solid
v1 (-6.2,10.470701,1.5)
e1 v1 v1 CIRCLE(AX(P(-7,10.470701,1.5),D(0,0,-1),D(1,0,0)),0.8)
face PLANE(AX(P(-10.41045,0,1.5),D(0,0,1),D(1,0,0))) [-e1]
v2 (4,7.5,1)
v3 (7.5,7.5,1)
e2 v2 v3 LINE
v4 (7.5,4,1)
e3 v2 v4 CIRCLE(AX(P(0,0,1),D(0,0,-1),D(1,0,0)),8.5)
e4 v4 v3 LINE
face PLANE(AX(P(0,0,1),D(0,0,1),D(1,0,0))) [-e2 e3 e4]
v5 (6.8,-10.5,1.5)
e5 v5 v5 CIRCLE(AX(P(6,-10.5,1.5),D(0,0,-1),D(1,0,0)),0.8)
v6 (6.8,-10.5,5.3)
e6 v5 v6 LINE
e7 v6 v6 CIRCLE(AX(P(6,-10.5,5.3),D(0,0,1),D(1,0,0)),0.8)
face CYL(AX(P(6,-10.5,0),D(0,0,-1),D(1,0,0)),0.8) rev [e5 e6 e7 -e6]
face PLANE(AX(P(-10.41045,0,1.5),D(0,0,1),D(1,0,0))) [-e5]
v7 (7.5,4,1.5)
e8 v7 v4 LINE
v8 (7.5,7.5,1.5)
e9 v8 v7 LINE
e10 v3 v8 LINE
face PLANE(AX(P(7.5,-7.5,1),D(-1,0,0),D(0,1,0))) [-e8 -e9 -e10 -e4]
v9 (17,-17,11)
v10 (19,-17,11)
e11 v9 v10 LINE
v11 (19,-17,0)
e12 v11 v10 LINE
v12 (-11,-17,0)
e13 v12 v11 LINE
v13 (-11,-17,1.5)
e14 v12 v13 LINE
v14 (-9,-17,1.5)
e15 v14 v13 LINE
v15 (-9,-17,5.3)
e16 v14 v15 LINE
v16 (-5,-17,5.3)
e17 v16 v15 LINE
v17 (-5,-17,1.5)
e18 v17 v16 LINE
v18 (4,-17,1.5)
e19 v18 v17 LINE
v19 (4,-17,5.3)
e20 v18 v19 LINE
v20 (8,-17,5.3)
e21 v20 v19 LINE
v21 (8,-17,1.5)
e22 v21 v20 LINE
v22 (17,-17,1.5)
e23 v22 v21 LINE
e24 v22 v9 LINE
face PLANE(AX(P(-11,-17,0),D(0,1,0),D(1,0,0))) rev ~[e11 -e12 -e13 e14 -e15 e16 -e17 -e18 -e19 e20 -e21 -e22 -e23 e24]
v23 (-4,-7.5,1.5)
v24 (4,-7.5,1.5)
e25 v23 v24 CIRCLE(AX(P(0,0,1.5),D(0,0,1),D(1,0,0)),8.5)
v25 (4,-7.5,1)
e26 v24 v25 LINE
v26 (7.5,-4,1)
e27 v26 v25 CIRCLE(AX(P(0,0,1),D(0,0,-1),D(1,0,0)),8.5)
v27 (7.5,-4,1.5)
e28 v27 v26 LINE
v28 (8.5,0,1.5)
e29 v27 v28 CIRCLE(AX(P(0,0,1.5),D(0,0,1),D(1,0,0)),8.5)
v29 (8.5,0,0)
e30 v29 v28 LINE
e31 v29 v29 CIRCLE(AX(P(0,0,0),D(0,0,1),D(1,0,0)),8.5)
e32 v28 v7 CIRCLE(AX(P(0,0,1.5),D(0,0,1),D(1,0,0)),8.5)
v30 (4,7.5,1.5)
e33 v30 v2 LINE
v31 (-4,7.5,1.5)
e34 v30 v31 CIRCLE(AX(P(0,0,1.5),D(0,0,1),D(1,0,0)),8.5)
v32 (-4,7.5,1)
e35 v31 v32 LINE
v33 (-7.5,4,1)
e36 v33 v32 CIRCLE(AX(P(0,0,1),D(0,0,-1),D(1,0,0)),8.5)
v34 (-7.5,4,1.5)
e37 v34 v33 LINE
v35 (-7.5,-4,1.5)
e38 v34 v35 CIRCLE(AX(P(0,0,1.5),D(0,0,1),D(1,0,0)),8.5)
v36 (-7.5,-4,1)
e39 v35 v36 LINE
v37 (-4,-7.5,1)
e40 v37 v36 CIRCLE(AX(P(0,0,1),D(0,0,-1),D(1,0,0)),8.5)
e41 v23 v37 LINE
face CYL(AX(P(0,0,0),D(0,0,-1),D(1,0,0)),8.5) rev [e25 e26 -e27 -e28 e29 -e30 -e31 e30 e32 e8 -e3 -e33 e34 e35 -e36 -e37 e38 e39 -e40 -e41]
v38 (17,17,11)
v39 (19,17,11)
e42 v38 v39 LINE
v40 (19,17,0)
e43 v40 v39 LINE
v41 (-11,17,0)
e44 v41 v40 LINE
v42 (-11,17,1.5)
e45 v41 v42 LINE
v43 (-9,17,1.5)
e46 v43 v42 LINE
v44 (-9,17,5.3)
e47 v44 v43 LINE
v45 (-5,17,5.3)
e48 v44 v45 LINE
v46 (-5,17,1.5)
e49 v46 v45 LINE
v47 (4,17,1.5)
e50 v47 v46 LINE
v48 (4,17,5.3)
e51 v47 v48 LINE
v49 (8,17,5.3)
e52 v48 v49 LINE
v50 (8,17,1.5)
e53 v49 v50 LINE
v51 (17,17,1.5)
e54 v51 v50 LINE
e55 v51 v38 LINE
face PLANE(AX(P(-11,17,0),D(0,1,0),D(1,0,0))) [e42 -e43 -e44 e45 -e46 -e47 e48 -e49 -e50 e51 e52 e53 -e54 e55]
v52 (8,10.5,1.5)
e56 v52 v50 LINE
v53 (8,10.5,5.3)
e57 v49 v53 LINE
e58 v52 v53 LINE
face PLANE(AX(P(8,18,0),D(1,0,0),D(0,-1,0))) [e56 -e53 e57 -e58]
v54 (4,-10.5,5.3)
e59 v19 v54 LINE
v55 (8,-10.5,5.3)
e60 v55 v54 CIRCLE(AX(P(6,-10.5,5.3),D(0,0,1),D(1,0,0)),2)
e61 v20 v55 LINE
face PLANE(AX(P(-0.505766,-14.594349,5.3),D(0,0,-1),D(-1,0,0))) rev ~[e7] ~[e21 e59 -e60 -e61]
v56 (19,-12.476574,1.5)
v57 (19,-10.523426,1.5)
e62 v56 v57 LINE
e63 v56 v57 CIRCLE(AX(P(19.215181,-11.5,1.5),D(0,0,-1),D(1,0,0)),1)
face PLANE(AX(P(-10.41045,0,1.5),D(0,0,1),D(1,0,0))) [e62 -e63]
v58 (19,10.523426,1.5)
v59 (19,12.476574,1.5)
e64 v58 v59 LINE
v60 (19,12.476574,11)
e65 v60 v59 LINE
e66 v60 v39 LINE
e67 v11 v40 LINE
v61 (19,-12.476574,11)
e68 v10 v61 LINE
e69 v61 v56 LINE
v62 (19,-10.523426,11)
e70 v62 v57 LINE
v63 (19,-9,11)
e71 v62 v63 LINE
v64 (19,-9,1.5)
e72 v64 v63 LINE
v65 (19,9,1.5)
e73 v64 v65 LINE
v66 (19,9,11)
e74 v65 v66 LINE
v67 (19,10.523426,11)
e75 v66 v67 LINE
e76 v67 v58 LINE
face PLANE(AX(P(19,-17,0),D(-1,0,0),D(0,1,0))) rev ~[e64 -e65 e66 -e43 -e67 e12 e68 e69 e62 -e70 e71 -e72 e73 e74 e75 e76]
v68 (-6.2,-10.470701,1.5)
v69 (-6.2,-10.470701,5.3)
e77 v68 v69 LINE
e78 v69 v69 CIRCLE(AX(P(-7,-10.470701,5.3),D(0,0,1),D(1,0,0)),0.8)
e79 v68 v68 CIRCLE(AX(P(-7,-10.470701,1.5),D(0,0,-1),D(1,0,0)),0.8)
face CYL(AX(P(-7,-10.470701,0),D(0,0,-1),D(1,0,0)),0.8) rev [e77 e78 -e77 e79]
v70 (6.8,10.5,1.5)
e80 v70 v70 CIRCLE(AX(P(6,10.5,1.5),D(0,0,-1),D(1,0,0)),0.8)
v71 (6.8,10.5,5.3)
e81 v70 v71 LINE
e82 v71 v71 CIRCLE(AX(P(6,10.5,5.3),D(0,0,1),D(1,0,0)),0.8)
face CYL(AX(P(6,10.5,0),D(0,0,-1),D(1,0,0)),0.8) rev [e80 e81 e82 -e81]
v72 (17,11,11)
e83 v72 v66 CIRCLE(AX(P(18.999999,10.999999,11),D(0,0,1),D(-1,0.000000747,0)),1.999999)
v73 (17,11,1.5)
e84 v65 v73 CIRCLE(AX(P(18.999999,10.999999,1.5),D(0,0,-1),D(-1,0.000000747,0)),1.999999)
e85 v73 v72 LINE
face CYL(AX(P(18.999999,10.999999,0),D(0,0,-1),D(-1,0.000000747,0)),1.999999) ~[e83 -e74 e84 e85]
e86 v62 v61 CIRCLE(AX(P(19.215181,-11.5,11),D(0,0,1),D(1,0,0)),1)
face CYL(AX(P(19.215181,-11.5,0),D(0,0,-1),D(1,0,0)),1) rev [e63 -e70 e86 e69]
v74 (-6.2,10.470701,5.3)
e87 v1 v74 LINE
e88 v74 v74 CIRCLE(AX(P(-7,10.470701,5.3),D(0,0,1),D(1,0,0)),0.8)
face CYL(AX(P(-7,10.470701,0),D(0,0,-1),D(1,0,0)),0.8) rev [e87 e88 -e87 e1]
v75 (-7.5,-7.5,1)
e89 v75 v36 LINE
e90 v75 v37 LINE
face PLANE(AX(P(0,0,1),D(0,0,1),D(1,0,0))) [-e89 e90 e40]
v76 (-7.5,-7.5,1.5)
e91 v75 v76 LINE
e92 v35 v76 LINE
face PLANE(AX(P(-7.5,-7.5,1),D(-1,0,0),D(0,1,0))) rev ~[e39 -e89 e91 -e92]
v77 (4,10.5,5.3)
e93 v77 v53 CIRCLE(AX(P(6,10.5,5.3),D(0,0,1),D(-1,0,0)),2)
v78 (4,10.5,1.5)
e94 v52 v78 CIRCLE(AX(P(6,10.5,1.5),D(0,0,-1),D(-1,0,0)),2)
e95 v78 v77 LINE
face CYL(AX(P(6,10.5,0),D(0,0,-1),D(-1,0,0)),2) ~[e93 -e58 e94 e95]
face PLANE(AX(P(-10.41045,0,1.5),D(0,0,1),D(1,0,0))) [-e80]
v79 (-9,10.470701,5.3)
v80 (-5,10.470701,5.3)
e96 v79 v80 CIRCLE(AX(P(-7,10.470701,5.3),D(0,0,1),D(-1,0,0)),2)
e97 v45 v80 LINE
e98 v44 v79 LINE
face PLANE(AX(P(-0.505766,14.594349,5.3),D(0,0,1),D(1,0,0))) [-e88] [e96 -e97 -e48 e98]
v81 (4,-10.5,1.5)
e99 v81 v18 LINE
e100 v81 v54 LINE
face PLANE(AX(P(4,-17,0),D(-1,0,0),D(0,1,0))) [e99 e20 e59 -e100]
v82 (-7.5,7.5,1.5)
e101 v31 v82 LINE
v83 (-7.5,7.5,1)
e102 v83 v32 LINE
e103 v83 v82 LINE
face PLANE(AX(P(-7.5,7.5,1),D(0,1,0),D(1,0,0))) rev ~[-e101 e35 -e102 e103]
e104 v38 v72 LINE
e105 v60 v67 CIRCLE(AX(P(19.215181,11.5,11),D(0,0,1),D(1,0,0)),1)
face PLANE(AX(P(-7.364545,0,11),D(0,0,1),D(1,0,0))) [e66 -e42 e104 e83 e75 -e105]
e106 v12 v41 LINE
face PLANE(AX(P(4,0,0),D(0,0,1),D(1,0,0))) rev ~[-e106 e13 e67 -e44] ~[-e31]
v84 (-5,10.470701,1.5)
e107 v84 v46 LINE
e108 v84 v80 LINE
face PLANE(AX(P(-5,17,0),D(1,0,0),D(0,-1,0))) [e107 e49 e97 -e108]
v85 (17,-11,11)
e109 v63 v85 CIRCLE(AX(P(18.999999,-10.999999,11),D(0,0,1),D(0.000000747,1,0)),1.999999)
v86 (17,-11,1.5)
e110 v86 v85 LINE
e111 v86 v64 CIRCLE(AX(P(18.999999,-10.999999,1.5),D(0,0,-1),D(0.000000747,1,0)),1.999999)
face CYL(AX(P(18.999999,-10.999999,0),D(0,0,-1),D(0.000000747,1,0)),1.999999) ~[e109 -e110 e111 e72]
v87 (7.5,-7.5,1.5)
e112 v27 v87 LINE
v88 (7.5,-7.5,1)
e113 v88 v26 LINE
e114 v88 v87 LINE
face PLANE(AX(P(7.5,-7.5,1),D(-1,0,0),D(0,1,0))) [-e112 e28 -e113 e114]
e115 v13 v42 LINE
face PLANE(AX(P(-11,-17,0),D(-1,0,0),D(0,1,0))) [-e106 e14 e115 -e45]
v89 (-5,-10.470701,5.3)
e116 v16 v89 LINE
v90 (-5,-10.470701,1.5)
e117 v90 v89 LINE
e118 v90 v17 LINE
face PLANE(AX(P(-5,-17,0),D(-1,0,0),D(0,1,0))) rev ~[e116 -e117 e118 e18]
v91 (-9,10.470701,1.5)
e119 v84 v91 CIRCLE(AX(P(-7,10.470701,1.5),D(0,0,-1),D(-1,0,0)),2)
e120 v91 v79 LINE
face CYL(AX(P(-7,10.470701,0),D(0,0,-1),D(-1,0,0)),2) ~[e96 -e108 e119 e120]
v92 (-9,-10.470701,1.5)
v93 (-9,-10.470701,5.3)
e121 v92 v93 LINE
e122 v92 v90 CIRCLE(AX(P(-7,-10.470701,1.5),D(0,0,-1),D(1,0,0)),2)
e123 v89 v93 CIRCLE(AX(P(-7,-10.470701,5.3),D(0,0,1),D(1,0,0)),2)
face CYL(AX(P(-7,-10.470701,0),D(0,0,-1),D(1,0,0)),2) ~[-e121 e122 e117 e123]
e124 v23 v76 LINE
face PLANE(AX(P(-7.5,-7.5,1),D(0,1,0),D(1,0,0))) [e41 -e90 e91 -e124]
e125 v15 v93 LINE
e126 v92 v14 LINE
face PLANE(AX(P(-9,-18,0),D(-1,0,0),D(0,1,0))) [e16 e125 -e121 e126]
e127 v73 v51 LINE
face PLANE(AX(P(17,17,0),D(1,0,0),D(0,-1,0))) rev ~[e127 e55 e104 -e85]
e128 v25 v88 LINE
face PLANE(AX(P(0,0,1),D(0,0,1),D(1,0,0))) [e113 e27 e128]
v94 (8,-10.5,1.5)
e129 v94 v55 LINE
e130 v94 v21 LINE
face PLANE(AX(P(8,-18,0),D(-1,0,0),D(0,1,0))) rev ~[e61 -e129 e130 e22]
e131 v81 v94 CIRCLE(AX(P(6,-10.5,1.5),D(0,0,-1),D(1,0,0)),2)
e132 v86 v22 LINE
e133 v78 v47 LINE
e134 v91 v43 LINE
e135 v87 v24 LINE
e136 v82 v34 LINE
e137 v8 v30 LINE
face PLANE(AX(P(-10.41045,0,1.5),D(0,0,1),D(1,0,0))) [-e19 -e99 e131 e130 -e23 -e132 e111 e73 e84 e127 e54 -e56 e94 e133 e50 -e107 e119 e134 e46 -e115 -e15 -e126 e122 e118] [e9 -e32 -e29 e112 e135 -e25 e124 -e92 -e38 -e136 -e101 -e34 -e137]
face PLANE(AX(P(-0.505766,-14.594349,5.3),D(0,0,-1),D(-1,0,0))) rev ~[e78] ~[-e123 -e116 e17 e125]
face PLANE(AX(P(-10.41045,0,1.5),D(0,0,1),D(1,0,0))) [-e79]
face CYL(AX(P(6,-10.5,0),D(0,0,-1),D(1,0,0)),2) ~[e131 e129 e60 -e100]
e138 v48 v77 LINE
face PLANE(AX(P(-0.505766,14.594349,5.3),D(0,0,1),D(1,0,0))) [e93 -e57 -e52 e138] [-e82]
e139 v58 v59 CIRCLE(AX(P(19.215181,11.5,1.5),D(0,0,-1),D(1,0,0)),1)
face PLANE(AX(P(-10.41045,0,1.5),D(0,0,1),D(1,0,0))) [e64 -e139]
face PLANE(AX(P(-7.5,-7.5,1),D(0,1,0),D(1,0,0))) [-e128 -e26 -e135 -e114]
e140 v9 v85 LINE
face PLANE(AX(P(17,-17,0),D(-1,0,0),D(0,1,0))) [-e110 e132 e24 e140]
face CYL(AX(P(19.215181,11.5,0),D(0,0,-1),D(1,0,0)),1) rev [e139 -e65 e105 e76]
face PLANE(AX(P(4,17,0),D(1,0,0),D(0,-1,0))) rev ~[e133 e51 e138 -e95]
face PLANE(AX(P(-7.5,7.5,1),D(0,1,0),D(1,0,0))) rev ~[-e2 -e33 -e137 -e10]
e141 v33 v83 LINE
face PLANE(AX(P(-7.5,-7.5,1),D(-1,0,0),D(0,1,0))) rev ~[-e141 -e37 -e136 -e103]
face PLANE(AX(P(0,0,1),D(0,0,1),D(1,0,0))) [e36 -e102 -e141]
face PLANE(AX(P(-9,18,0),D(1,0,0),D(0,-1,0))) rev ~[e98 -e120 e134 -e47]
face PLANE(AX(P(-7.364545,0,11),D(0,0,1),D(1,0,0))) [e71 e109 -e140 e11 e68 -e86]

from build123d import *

# Parameters (mm, degrees)
SKETCH023_W      = 12
SKETCH023_H      = 4.8
PAD011_DEPTH     = 30
SKETCH026_W      = 8.3
SKETCH026_H      = 4.2
PAD014_DEPTH     = 30
BOX014_W         = 15
BOX014_H         = 15
BOX014_DEPTH     = 10
SKETCH025_W      = 8.2
SKETCH025_H      = 4.2
PAD013_DEPTH     = 30
SKETCH020_R      = 1
PAD007_DEPTH     = 20
SKETCH021_R      = 1
PAD008_DEPTH     = 11
SKETCH022_R      = 0.8
PAD009_DEPTH     = 5.3
MIRROREDSKETCH_R = 0.8
PAD010_DEPTH     = 5.3
PAD018_DEPTH     = 3
ARRAY007_X_COUNT = 2
ARRAY007_X_PITCH = 70
SKETCH_R         = 8.5
PAD_DEPTH        = 1.5
BOX013_W         = 30
BOX013_H         = 34
BOX013_DEPTH     = 21


with BuildPart() as body006:
    # Sketch023 → Pad011 (new body)
    with BuildSketch(Plane.XZ):
        with Locations((-29.8, 14.9)):
            Rectangle(SKETCH023_W, SKETCH023_H)
    extrude(amount=PAD011_DEPTH)


with BuildPart() as body:
    # Sketch026 → Pad014 (new body)
    with BuildSketch(Plane.XZ):
        with Locations((11.75, 14.6)):
            Rectangle(SKETCH026_W, SKETCH026_H)
    extrude(amount=PAD014_DEPTH)


with BuildPart() as camera_hole_extract_cube:
    # Box014 → Box014 (new body)
    with BuildSketch(Plane(origin=(-7.5, -7.5, 1), x_dir=(1, 0, 0), z_dir=(0, 0, 1))):
        with Locations((7.5, 7.5)):
            Rectangle(BOX014_W, BOX014_H)
    extrude(amount=BOX014_DEPTH)


with BuildPart() as extract_fusion002:
    # Sketch025 → Pad013 (new body)
    with BuildSketch(Plane.XZ):
        with Locations((-0.9, 14.6)):
            Rectangle(SKETCH025_W, SKETCH025_H)
    extrude(amount=PAD013_DEPTH)

    # Fusion010: union Body006, Body, camera hole extract cube
    add(body006.part)
    add(body.part)
    add(camera_hole_extract_cube.part)


with BuildPart() as level3_body:
    # Sketch020 → Pad007 (new body)
    with BuildSketch(Plane.XY):
        with BuildLine():
            Line((-56, 13), (-56, 9))
            Line((-56, 9), (-47.5, 9))
            Line((-47.5, 9), (-47.5, 17))
            Line((-47.5, 17), (26, 17))
            ThreePointArc((29, 14), (28.12132, 16.12132), (26, 17))
            Line((29, 8.86), (29, 14))
            ThreePointArc((29, 8.86), (29.146447, 8.506447), (29.5, 8.36))
            Line((29.5, 8.36), (31.5, 8.36))
            ThreePointArc((33, 6.86), (32.56066, 7.92066), (31.5, 8.36))
            Line((33, -6.86), (33, 6.86))
            ThreePointArc((31.5, -8.36), (32.56066, -7.92066), (33, -6.86))
            Line((29.5, -8.36), (31.5, -8.36))
            ThreePointArc((29.5, -8.36), (29.146447, -8.506447), (29, -8.86))
            Line((29, -8.86), (29, -14))
            ThreePointArc((26, -17), (28.12132, -16.12132), (29, -14))
            Line((-47.5, -17), (26, -17))
            Line((-47.5, -9), (-47.5, -17))
            Line((-56, -9), (-47.5, -9))
            Line((-56, -9), (-56, -13))
            ThreePointArc((-56, -13), (-54.535534, -16.535534), (-51, -18))
            Line((31, -18), (-51, -18))
            ThreePointArc((31, -18), (38.238337, 0), (31, 18))
            Line((-51, 18), (31, 18))
            ThreePointArc((-51, 18), (-54.535534, 16.535534), (-56, 13))
        make_face()
        with Locations((-52, -14.3)):
            Circle(SKETCH020_R, mode=Mode.SUBTRACT)
        with Locations((31.5, 11.4)):
            Circle(SKETCH020_R, mode=Mode.SUBTRACT)
        with Locations((31.5, -11.4)):
            Circle(SKETCH020_R, mode=Mode.SUBTRACT)
        with Locations((-52, 14.3)):
            Circle(SKETCH020_R, mode=Mode.SUBTRACT)
    extrude(amount=PAD007_DEPTH)


with BuildPart() as level2_body:
    # Sketch021 → Pad008 (new body)
    with BuildSketch(Plane.XY):
        with BuildLine():
            Line((-56, 13), (-56, 9))
            Line((-56, 9), (-36.211556, 9))
            ThreePointArc((-36.211556, 9), (-35.354856, 9.354856), (-35, 10.211556))
            Line((-35, 10.211556), (-35, 17))
            Line((-35, 17), (17, 17))
            Line((17, 17), (17, 11))
            ThreePointArc((17, 11), (17.585786, 9.585786), (19, 9))
            Line((19, 9), (31.5, 9))
            ThreePointArc((33, 7.5), (32.56066, 8.56066), (31.5, 9))
            Line((33, -7.5), (33, 7.5))
            ThreePointArc((31.5, -9), (32.56066, -8.56066), (33, -7.5))
            Line((19, -9), (31.5, -9))
            ThreePointArc((19, -9), (17.585786, -9.585786), (17, -11))
            Line((17, -17), (17, -11))
            Line((-35, -17), (17, -17))
            Line((-35, -10.211556), (-35, -17))
            ThreePointArc((-35, -10.211556), (-35.354856, -9.354856), (-36.211556, -9))
            Line((-56, -9), (-36.211556, -9))
            Line((-56, -9), (-56, -13))
            ThreePointArc((-56, -13), (-54.535534, -16.535534), (-51, -18))
            Line((31, -18), (-51, -18))
            ThreePointArc((31, -18), (38.238337, 0), (31, 18))
            Line((-51, 18), (31, 18))
            ThreePointArc((-51, 18), (-54.535534, 16.535534), (-56, 13))
        make_face()
        with Locations((-39.037737, 11.5)):
            Circle(SKETCH021_R, mode=Mode.SUBTRACT)
        with Locations((-39.037737, -11.5)):
            Circle(SKETCH021_R, mode=Mode.SUBTRACT)
        with Locations((19.215181, 11.5)):
            Circle(SKETCH021_R, mode=Mode.SUBTRACT)
        with Locations((19.215181, -11.5)):
            Circle(SKETCH021_R, mode=Mode.SUBTRACT)
    extrude(amount=PAD008_DEPTH)


with BuildPart() as level_1_body:
    # Sketch022 → Pad009 (new body)
    with BuildSketch(Plane.XY):
        with BuildLine():
            Line((-9, 18), (-9, 10.470701))
            ThreePointArc((-9, 10.470701), (-7, 8.470701), (-5, 10.470701))
            Line((-5, 17), (-5, 10.470701))
            Line((-5, 17), (4, 17))
            Line((4, 17), (4, 10.5))
            ThreePointArc((4, 10.5), (6, 8.5), (8, 10.5))
            Line((8, 18), (8, 10.5))
            Line((8, 18), (-9, 18))
        make_face()
        with Locations((-7, 10.470701)):
            Circle(SKETCH022_R, mode=Mode.SUBTRACT)
        with Locations((6, 10.5)):
            Circle(SKETCH022_R, mode=Mode.SUBTRACT)
    extrude(amount=PAD009_DEPTH)


with BuildPart() as level_1_mirror:
    # MirroredSketch → Pad010 (new body)
    with BuildSketch(Plane.XY):
        with BuildLine():
            Line((-9, -18), (-9, -10.470701))
            ThreePointArc((-5, -10.470701), (-7, -8.470701), (-9, -10.470701))
            Line((-5, -17), (-5, -10.470701))
            Line((-5, -17), (4, -17))
            Line((4, -17), (4, -10.5))
            ThreePointArc((8, -10.5), (6, -8.5), (4, -10.5))
            Line((8, -18), (8, -10.5))
            Line((8, -18), (-9, -18))
        make_face()
        with Locations((-7, -10.470701)):
            Circle(MIRROREDSKETCH_R, mode=Mode.SUBTRACT)
        with Locations((6, -10.5)):
            Circle(MIRROREDSKETCH_R, mode=Mode.SUBTRACT)
    extrude(amount=PAD010_DEPTH)


with BuildPart() as attach_body:
    # Sketch030 → Pad018 (new body)
    with BuildSketch(Plane.XY):
        with BuildLine():
            Line((-49.771311, 17), (-49.771311, 32))
            ThreePointArc((-39.771311, 32), (-44.771311, 37), (-49.771311, 32))
            Line((-39.771311, 17), (-39.771311, 32))
            Line((-49.771311, 17), (-39.771311, 17))
        make_face()
        with BuildLine():
            Line((-46.571311, 32), (-46.571311, 22))
            ThreePointArc((-46.571311, 22), (-44.771311, 20.2), (-42.971311, 22))
            Line((-42.971311, 32), (-42.971311, 22))
            ThreePointArc((-42.971311, 32), (-44.771311, 33.8), (-46.571311, 32))
        make_face(mode=Mode.SUBTRACT)
    extrude(amount=PAD018_DEPTH)


with BuildPart() as attachment_array:
    # Part__Mirroring001: instance of attach body
    add(attach_body.part.mirror(Plane(origin=(0, 0, 0), x_dir=(1, 0, 0), z_dir=(0, 1, 0))))

    # Fusion012: union attach body
    add(attach_body.part)

    # Array007 X: attachment array ×2


with BuildPart() as attachment_array_1:
    add(attachment_array.part)
    with Locations(*[(i * ARRAY007_X_PITCH, 0, 0) for i in range(1, ARRAY007_X_COUNT)]):
        add(attachment_array.part)


with BuildPart() as fisheye_body_cut:
    # Sketch → Pad (new body)
    with BuildSketch(Plane.XY):
        with BuildLine():
            Line((-56, 13), (-56, -13))
            ThreePointArc((-56, -13), (-54.535534, -16.535534), (-51, -18))
            Line((31, -18), (-51, -18))
            ThreePointArc((31, -18), (38.238337, 0), (31, 18))
            Line((-51, 18), (31, 18))
            ThreePointArc((-51, 18), (-54.535534, 16.535534), (-56, 13))
        make_face()
        Circle(SKETCH_R, mode=Mode.SUBTRACT)
    extrude(amount=PAD_DEPTH)

    # Fusion009: union level3 body, level2 body, level 1 body, level 1 mirror, attachment array
    add(level3_body.part)
    add(level2_body.part)
    add(level_1_body.part)
    add(level_1_mirror.part)
    add(attachment_array_1.part)

    # Cut002005: cut extract fusion002
    add(extract_fusion002.part, mode=Mode.SUBTRACT)


with BuildPart() as common:
    # Box013 → Box013 (new body)
    with BuildSketch(Plane(origin=(-11, -17, 0), x_dir=(1, 0, 0), z_dir=(0, 0, 1))):
        with Locations((15, 17)):
            Rectangle(BOX013_W, BOX013_H)
    extrude(amount=BOX013_DEPTH)

    # Common: intersect fisheye body cut
    add(fisheye_body_cut.part, mode=Mode.INTERSECT)


solid = common.part
